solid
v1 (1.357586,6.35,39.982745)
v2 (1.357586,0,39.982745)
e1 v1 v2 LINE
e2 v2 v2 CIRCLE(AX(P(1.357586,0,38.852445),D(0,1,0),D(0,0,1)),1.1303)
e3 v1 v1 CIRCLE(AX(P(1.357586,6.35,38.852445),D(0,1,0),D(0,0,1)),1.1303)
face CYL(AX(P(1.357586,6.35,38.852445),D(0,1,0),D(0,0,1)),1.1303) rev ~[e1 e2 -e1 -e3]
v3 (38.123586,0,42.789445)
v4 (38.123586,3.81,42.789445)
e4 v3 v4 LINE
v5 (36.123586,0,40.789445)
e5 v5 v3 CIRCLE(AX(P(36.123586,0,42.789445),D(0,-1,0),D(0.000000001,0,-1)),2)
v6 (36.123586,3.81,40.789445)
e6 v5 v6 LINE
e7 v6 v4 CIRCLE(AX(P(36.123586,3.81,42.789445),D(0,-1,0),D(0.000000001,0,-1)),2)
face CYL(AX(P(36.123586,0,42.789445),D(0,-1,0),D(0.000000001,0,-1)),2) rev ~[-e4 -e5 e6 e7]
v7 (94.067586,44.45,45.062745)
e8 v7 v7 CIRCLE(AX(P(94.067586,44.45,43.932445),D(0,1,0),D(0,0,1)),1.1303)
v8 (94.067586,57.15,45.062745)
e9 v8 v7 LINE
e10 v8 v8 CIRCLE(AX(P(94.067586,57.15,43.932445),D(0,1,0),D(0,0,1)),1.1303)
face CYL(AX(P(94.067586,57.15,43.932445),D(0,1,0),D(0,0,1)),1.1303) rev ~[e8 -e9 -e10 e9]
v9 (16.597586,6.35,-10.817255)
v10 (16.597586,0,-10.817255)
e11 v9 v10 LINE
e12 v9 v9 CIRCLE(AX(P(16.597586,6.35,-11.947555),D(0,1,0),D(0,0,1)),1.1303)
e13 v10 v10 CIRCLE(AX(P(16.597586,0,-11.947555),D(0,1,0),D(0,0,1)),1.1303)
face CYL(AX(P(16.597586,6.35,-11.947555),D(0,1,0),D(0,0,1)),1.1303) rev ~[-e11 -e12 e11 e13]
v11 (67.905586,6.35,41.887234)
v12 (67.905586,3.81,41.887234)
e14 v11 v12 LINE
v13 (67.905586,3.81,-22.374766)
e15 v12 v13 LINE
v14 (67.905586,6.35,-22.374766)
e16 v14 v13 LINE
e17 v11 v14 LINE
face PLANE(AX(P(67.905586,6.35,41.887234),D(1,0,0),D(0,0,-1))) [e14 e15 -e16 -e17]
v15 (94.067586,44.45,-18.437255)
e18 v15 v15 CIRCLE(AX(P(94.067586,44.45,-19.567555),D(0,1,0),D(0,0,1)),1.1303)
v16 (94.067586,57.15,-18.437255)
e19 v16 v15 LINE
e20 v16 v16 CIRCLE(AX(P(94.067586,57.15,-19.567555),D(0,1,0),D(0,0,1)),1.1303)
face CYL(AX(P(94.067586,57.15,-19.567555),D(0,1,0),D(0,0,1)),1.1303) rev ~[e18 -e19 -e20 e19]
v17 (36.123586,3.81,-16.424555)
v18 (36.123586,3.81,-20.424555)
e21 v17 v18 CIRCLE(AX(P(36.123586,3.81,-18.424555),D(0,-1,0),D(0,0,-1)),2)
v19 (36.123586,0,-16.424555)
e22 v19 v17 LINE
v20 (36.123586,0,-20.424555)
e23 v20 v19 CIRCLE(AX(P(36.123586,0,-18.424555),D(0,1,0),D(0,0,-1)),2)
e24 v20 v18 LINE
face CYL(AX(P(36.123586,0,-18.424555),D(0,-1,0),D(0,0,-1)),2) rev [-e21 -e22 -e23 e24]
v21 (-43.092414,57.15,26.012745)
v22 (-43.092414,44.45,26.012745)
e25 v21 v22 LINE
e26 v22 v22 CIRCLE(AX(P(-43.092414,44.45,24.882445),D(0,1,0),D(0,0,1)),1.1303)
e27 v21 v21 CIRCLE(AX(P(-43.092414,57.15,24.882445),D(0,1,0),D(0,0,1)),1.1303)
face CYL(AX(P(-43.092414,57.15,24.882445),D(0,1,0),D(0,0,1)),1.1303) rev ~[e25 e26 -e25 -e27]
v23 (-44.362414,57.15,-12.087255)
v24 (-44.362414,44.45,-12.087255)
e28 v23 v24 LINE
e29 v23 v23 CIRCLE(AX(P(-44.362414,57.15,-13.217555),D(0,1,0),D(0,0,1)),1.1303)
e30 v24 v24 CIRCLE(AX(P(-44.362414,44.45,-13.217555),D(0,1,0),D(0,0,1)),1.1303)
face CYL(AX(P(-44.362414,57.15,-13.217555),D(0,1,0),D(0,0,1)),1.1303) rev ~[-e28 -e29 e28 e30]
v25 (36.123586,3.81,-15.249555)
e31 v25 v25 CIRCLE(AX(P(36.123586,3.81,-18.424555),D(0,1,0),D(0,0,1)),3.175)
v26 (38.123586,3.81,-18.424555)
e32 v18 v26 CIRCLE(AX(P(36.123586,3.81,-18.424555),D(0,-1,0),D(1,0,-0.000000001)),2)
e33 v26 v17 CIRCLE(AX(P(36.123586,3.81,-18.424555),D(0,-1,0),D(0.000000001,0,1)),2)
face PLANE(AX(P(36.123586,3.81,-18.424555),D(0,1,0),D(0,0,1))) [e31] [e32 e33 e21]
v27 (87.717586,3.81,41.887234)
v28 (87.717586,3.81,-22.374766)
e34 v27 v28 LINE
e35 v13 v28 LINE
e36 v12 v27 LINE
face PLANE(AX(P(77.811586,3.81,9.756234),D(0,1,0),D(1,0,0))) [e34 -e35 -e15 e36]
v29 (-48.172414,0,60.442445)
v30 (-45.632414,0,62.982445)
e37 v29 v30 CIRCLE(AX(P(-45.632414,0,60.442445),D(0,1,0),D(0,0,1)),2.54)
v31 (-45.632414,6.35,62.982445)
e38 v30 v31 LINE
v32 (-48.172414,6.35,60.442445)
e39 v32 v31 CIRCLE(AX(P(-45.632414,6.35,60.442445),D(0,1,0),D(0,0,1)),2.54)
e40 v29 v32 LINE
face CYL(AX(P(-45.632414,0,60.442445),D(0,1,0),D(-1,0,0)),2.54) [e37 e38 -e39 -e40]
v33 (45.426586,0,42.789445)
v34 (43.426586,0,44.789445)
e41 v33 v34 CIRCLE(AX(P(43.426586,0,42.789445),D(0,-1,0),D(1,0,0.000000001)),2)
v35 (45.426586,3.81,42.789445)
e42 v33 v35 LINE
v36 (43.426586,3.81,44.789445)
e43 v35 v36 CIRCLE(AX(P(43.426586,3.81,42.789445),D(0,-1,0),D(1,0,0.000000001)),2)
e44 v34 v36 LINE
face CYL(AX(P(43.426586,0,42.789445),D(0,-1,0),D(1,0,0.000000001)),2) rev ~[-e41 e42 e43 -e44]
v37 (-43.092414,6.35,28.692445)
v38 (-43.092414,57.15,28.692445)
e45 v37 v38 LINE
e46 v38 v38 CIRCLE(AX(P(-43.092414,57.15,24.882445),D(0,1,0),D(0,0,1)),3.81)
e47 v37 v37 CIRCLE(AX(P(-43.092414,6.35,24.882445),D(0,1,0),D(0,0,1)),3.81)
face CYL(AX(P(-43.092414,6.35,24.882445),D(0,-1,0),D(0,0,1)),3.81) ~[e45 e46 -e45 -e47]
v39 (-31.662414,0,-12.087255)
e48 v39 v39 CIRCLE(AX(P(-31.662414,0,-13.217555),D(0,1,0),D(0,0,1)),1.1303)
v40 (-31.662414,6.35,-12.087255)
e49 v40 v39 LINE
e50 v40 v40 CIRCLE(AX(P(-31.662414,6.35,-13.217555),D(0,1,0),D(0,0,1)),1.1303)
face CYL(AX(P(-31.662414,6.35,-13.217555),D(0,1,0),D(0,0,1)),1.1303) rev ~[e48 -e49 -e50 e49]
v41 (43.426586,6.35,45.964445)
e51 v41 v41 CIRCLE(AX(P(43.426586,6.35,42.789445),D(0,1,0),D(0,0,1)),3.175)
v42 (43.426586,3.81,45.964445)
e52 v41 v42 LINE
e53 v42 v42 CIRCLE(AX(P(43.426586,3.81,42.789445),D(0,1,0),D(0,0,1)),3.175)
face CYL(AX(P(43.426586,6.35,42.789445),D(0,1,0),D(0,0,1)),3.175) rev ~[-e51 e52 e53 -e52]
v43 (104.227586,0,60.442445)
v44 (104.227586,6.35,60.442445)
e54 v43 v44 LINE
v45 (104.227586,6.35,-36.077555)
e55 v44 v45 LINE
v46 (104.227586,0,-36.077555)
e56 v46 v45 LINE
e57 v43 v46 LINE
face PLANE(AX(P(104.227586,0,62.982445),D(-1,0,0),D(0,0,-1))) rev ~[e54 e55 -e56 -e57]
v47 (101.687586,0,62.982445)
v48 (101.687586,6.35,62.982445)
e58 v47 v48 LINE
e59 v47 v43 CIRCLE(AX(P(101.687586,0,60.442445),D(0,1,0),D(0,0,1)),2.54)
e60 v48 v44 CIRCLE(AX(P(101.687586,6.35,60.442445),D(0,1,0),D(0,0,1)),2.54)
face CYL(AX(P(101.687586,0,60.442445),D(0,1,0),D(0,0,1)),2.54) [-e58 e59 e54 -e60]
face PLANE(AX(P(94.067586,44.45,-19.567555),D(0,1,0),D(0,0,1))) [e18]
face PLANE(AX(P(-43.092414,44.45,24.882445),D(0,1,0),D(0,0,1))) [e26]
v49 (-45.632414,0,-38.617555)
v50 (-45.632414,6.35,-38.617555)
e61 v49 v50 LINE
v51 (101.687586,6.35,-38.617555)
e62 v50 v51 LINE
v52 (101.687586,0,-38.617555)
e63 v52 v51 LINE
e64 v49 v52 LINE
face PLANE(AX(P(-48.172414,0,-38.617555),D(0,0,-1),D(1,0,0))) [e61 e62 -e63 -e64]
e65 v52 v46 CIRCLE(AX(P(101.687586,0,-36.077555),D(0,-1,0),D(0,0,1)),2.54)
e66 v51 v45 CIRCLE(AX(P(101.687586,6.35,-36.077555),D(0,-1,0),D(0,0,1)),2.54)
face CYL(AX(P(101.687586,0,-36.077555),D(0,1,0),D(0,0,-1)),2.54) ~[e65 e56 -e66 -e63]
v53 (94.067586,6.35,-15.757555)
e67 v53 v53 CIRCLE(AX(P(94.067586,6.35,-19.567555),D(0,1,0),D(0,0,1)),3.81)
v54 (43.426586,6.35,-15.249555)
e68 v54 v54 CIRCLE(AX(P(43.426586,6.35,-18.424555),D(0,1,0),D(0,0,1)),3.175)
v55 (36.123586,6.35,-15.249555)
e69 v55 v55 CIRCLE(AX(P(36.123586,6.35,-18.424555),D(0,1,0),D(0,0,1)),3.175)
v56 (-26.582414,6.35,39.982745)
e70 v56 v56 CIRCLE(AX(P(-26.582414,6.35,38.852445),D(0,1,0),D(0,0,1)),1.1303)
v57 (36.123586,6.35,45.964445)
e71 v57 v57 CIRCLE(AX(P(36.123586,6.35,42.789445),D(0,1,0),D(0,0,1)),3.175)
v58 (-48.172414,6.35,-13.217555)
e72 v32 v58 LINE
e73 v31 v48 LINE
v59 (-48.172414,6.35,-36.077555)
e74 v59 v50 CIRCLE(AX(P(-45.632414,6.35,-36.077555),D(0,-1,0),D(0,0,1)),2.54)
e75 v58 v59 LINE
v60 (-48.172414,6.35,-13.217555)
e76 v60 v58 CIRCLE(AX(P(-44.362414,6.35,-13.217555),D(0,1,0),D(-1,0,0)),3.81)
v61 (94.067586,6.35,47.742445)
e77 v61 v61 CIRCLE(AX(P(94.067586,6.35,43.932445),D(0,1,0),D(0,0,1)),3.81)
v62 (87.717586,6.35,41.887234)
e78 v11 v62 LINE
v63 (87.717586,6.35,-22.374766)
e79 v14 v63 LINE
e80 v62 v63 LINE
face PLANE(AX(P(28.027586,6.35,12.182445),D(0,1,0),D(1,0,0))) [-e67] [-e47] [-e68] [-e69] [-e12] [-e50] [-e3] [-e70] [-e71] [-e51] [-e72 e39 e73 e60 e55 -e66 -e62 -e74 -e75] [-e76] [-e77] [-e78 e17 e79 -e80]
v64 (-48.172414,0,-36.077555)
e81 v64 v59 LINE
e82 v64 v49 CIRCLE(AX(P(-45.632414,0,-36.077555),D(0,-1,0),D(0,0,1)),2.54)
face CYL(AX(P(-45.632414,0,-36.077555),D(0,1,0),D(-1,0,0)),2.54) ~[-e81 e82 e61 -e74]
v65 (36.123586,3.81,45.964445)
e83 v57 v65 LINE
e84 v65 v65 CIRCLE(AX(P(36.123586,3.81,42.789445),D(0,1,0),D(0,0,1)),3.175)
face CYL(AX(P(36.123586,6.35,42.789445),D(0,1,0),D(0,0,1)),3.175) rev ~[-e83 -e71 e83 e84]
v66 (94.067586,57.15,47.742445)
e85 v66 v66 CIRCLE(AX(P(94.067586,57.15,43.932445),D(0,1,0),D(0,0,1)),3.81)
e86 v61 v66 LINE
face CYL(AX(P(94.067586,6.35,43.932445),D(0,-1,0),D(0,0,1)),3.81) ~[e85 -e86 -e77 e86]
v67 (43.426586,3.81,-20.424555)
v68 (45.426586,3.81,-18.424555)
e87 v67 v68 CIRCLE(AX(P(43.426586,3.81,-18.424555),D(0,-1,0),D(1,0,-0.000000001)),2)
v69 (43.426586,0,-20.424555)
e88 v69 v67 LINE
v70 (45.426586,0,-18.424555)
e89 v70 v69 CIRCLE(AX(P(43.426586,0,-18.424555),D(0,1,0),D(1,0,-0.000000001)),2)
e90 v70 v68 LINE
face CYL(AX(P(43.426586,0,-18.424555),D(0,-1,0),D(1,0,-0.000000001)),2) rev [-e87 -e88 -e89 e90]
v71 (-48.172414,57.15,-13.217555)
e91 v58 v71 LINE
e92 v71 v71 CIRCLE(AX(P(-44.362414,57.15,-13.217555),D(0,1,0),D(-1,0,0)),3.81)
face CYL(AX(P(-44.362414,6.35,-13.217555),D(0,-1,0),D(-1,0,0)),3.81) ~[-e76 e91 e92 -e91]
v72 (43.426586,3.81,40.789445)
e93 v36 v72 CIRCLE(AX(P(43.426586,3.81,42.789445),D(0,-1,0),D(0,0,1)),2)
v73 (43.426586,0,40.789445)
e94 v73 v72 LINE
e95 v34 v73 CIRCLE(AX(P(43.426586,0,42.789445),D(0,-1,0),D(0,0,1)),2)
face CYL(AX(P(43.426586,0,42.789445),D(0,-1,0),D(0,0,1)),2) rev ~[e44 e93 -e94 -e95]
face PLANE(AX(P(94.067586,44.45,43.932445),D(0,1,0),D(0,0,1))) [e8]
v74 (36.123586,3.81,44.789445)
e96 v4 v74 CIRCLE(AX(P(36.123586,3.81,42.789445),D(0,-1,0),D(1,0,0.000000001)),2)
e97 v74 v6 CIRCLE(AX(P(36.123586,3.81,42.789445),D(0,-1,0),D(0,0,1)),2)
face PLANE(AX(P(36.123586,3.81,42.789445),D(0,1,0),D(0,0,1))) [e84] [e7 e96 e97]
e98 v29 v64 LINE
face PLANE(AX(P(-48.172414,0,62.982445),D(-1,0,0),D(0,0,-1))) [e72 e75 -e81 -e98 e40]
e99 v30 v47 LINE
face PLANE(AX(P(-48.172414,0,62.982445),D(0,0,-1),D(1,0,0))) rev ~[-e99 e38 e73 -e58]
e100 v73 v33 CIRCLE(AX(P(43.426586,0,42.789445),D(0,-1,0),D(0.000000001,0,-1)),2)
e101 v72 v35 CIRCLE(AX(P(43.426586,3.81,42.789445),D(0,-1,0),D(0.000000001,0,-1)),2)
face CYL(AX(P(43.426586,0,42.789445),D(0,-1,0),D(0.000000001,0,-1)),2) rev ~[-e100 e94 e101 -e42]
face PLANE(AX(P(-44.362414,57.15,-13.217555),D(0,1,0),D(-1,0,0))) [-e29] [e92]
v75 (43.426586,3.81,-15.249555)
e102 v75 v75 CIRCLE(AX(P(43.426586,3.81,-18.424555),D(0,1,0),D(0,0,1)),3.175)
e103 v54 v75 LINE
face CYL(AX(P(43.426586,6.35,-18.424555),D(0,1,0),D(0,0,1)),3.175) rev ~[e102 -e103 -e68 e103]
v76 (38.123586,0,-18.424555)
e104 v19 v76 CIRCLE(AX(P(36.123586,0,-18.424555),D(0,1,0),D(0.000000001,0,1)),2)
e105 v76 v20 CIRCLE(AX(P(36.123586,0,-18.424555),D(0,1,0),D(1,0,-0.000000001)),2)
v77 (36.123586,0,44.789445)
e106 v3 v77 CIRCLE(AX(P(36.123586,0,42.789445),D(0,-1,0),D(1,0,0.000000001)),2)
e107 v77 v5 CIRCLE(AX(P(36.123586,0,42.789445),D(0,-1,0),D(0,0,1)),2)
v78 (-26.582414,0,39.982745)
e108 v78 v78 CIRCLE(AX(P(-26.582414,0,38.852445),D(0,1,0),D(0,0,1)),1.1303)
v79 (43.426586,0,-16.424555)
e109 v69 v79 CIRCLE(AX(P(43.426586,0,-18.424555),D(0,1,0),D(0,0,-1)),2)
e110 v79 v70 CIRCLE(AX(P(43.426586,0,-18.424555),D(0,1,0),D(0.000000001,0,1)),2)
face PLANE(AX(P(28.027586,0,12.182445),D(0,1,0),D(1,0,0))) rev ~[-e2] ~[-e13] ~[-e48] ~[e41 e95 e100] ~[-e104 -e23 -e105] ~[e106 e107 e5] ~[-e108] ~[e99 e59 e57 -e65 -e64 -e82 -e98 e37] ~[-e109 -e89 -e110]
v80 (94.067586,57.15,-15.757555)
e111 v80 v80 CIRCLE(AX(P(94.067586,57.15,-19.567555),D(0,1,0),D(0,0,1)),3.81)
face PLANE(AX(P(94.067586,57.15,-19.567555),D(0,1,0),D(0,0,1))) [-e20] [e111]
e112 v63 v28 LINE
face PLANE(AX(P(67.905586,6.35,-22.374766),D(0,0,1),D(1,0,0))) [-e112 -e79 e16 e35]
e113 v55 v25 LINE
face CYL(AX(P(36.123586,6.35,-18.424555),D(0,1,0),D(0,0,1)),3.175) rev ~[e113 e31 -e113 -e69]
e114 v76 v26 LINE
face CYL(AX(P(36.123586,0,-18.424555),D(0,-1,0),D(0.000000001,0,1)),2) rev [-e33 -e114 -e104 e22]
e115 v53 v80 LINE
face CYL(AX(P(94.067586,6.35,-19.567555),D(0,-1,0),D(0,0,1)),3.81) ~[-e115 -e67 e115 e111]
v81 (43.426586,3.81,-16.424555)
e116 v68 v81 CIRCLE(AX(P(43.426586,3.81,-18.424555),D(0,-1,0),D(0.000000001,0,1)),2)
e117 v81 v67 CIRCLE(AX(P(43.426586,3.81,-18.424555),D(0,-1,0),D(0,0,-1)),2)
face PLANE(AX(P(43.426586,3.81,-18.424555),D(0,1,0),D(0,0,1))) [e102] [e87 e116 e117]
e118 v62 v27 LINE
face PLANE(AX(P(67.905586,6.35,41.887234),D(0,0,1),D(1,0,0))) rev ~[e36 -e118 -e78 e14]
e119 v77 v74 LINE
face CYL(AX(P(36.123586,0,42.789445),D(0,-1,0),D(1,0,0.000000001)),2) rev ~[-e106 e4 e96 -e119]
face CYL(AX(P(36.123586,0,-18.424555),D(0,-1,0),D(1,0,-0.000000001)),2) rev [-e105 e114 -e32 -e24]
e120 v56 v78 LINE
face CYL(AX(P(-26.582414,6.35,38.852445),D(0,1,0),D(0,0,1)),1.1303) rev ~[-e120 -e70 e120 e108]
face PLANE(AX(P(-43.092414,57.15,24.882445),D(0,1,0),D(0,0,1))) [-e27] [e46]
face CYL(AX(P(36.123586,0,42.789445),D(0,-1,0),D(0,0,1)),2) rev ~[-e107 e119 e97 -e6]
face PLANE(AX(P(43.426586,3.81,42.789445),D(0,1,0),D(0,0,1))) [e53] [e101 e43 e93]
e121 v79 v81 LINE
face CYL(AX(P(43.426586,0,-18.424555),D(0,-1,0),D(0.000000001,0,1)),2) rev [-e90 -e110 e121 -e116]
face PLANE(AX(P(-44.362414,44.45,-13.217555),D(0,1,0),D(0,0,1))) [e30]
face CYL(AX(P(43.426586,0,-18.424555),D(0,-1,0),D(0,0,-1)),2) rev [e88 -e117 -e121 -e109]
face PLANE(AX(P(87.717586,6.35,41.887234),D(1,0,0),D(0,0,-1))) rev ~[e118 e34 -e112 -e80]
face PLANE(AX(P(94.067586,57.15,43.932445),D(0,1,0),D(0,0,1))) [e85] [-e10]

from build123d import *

# Parameters (mm, degrees)
SKETCH1_W           = 152.4
SKETCH1_H           = 101.6
BOSS_EXTRUDE1_DEPTH = 6.35
SKETCH2_R           = 3.81
BOSS_EXTRUDE2_DEPTH = 50.8
SKETCH3_R           = 1.1303
CUT_EXTRUDE2_DEPTH  = 12.7
CUT_EXTRUDE3_DEPTH  = 6.35
SKETCH6_W           = 30.413113892
SKETCH6_H           = 50.8
BOSS_EXTRUDE3_DEPTH = 25.4
SKETCH8_W           = 30.413113892
SKETCH8_H           = 50.8
CUT_EXTRUDE4_DEPTH  = 25.4
SKETCH9_R           = 3.175
CUT_EXTRUDE5_DEPTH  = 2.54
SKETCH10_W          = 19.812
SKETCH10_H          = 64.262
CUT_EXTRUDE6_DEPTH  = 2.54
SKETCH12_R          = 1.1303
CUT_EXTRUDE7_DEPTH  = 132.950059198
FILLET1_R           = 2.54


with BuildPart() as part:
    # Sketch1 → Boss-Extrude1 (new body)
    with BuildSketch(Plane(origin=(0, 0, 0), x_dir=(1, 0, 0), z_dir=(0, 1, 0))):
        with Locations((28.027586207, -12.182445141)):
            Rectangle(SKETCH1_W, SKETCH1_H)
    extrude(amount=BOSS_EXTRUDE1_DEPTH)

    # Sketch2 → Boss-Extrude2 (add)
    with BuildSketch(Plane(origin=(0, 6.35, 0), x_dir=(1, 0, 0), z_dir=(0, 1, 0))):
        with Locations(Location((-44.362413793, 13.217554859, 0), (0, 0, 180))):
            Circle(SKETCH2_R)
        with Locations(Location((-43.092413793, -24.882445141, 0), (0, 0, 270))):
            Circle(SKETCH2_R)
        with Locations(Location((94.067586207, 19.567554859, 0), (0, 0, 270))):
            Circle(SKETCH2_R)
        with Locations(Location((94.067586207, -43.932445141, 0), (0, 0, 270))):
            Circle(SKETCH2_R)
    extrude(amount=BOSS_EXTRUDE2_DEPTH)

    # Sketch3 → Cut-Extrude2 (cut)
    with BuildSketch(Plane(origin=(0, 57.15, 0), x_dir=(1, 0, 0), z_dir=(0, 1, 0))):
        with Locations(Location((-44.362413793, 13.217554859, 0), (0, 0, 270))):
            Circle(SKETCH3_R)
        with Locations(Location((94.067586207, -43.932445141, 0), (0, 0, 270))):
            Circle(SKETCH3_R)
        with Locations(Location((94.067586207, 19.567554859, 0), (0, 0, 270))):
            Circle(SKETCH3_R)
        with Locations(Location((-43.092413793, -24.882445141, 0), (0, 0, 270))):
            Circle(SKETCH3_R)
    extrude(amount=-CUT_EXTRUDE2_DEPTH, mode=Mode.SUBTRACT)

    # Sketch4 → Cut-Extrude3 (cut)
    with BuildSketch(Plane.XZ):
        with BuildLine():
            ThreePointArc((38.123586207, 42.789445141), (37.537799769, 44.203658703), (36.123586207, 44.789445141))
            Line((36.123586207, 44.789445141), (36.123586207, 42.789445141))
            Line((36.123586207, 42.789445141), (36.123586207, 40.789445141))
            ThreePointArc((36.123586207, 40.789445141), (37.537799769, 41.375231579), (38.123586207, 42.789445141))
        make_face()
        with BuildLine():
            Line((36.123586207, 42.789445141), (36.123586207, 44.789445141))
            ThreePointArc((36.123586207, 44.789445141), (34.123586207, 42.789445141), (36.123586207, 40.789445141))
            Line((36.123586207, 40.789445141), (36.123586207, 42.789445141))
        make_face()
        with BuildLine():
            ThreePointArc((38.123586207, 42.789445141), (37.537799769, 44.203658703), (36.123586207, 44.789445141))
            Line((36.123586207, 44.789445141), (36.123586207, 42.789445141))
            Line((36.123586207, 42.789445141), (36.123586207, 40.789445141))
            ThreePointArc((36.123586207, 40.789445141), (37.537799769, 41.375231579), (38.123586207, 42.789445141))
        make_face()
        with BuildLine():
            Line((36.123586207, 42.789445141), (36.123586207, 44.789445141))
            ThreePointArc((36.123586207, 44.789445141), (34.123586207, 42.789445141), (36.123586207, 40.789445141))
            Line((36.123586207, 40.789445141), (36.123586207, 42.789445141))
        make_face()
        with BuildLine():
            ThreePointArc((45.426586207, 42.789445141), (44.840799769, 44.203658703), (43.426586207, 44.789445141))
            Line((43.426586207, 44.789445141), (43.426586207, 42.789445141))
            Line((43.426586207, 42.789445141), (43.426586207, 40.789445141))
            ThreePointArc((43.426586207, 40.789445141), (44.840799769, 41.375231579), (45.426586207, 42.789445141))
        make_face()
        with BuildLine():
            Line((43.426586207, 42.789445141), (43.426586207, 44.789445141))
            ThreePointArc((43.426586207, 44.789445141), (41.426586207, 42.789445141), (43.426586207, 40.789445141))
            Line((43.426586207, 40.789445141), (43.426586207, 42.789445141))
        make_face()
        with BuildLine():
            ThreePointArc((45.426586207, 42.789445141), (44.840799769, 44.203658703), (43.426586207, 44.789445141))
            Line((43.426586207, 44.789445141), (43.426586207, 42.789445141))
            Line((43.426586207, 42.789445141), (43.426586207, 40.789445141))
            ThreePointArc((43.426586207, 40.789445141), (44.840799769, 41.375231579), (45.426586207, 42.789445141))
        make_face()
        with BuildLine():
            Line((43.426586207, 42.789445141), (43.426586207, 44.789445141))
            ThreePointArc((43.426586207, 44.789445141), (41.426586207, 42.789445141), (43.426586207, 40.789445141))
            Line((43.426586207, 40.789445141), (43.426586207, 42.789445141))
        make_face()
    cut_extrude3 = extrude(amount=-CUT_EXTRUDE3_DEPTH, mode=Mode.SUBTRACT)

    # Sketch6 → Boss-Extrude3 (add)
    with BuildSketch(Plane(origin=(0, 6.35, 0), x_dir=(1, 0, 0), z_dir=(0, 1, 0))):
        with Locations((33.36893454, 13.217554859)):
            Rectangle(SKETCH6_W, SKETCH6_H)
    extrude(amount=BOSS_EXTRUDE3_DEPTH)

    # Mirror1: Cut-Extrude3 across plane
    add(cut_extrude3.mirror(Plane(origin=(48.575491486, 31.75, 12.182445141), x_dir=(1, 0, 0), z_dir=(0, 0, -1))), mode=Mode.SUBTRACT)

    # Sketch8 → Cut-Extrude4 (cut)
    with BuildSketch(Plane(origin=(0, 31.75, 0), x_dir=(1, 0, 0), z_dir=(0, 1, 0))):
        with Locations((33.36893454, 13.217554859)):
            Rectangle(SKETCH8_W, SKETCH8_H)
    extrude(amount=-CUT_EXTRUDE4_DEPTH, mode=Mode.SUBTRACT)

    # Sketch9 → Cut-Extrude5 (cut)
    with BuildSketch(Plane(origin=(0, 6.35, 0), x_dir=(1, 0, 0), z_dir=(0, 1, 0))):
        with Locations(Location((43.426586207, 18.424554859, 0), (0, 0, 270))):
            Circle(SKETCH9_R)
        with Locations(Location((36.123586207, 18.424554859, 0), (0, 0, 270))):
            Circle(SKETCH9_R)
        with Locations(Location((43.426586207, -42.789445141, 0), (0, 0, 270))):
            Circle(SKETCH9_R)
        with Locations(Location((36.123586207, -42.789445141, 0), (0, 0, 270))):
            Circle(SKETCH9_R)
    extrude(amount=-CUT_EXTRUDE5_DEPTH, mode=Mode.SUBTRACT)

    # Sketch10 → Cut-Extrude6 (cut)
    with BuildSketch(Plane(origin=(0, 6.35, 0), x_dir=(1, 0, 0), z_dir=(0, 1, 0))):
        with Locations((77.811586207, -9.756234071)):
            Rectangle(SKETCH10_W, SKETCH10_H)
    extrude(amount=-CUT_EXTRUDE6_DEPTH, mode=Mode.SUBTRACT)

    # Sketch12 → Cut-Extrude7 (cut, through all)
    with BuildSketch(Plane(origin=(0, 6.35, 0), x_dir=(1, 0, 0), z_dir=(0, 1, 0))):
        with Locations(Location((-31.662413793, 13.217554859, 0), (0, 0, 270))):
            Circle(SKETCH12_R)
        with Locations(Location((16.597586207, 11.947554859, 0), (0, 0, 270))):
            Circle(SKETCH12_R)
        with Locations(Location((1.357586207, -38.852445141, 0), (0, 0, 270))):
            Circle(SKETCH12_R)
        with Locations(Location((-26.582413793, -38.852445141, 0), (0, 0, 270))):
            Circle(SKETCH12_R)
    extrude(amount=-CUT_EXTRUDE7_DEPTH, mode=Mode.SUBTRACT)

    # Fillet1
    fillet1_edges = [part.edges().sort_by_distance(p)[0] for p in [
        (-48.172413793, 3.175, -38.617554859),
        (104.227586207, 3.175, -38.617554859),
        (104.227586207, 3.175, 62.982445141),
        (-48.172413793, 3.175, 62.982445141),
    ]]
    fillet(fillet1_edges, radius=FILLET1_R)


solid = part.part
